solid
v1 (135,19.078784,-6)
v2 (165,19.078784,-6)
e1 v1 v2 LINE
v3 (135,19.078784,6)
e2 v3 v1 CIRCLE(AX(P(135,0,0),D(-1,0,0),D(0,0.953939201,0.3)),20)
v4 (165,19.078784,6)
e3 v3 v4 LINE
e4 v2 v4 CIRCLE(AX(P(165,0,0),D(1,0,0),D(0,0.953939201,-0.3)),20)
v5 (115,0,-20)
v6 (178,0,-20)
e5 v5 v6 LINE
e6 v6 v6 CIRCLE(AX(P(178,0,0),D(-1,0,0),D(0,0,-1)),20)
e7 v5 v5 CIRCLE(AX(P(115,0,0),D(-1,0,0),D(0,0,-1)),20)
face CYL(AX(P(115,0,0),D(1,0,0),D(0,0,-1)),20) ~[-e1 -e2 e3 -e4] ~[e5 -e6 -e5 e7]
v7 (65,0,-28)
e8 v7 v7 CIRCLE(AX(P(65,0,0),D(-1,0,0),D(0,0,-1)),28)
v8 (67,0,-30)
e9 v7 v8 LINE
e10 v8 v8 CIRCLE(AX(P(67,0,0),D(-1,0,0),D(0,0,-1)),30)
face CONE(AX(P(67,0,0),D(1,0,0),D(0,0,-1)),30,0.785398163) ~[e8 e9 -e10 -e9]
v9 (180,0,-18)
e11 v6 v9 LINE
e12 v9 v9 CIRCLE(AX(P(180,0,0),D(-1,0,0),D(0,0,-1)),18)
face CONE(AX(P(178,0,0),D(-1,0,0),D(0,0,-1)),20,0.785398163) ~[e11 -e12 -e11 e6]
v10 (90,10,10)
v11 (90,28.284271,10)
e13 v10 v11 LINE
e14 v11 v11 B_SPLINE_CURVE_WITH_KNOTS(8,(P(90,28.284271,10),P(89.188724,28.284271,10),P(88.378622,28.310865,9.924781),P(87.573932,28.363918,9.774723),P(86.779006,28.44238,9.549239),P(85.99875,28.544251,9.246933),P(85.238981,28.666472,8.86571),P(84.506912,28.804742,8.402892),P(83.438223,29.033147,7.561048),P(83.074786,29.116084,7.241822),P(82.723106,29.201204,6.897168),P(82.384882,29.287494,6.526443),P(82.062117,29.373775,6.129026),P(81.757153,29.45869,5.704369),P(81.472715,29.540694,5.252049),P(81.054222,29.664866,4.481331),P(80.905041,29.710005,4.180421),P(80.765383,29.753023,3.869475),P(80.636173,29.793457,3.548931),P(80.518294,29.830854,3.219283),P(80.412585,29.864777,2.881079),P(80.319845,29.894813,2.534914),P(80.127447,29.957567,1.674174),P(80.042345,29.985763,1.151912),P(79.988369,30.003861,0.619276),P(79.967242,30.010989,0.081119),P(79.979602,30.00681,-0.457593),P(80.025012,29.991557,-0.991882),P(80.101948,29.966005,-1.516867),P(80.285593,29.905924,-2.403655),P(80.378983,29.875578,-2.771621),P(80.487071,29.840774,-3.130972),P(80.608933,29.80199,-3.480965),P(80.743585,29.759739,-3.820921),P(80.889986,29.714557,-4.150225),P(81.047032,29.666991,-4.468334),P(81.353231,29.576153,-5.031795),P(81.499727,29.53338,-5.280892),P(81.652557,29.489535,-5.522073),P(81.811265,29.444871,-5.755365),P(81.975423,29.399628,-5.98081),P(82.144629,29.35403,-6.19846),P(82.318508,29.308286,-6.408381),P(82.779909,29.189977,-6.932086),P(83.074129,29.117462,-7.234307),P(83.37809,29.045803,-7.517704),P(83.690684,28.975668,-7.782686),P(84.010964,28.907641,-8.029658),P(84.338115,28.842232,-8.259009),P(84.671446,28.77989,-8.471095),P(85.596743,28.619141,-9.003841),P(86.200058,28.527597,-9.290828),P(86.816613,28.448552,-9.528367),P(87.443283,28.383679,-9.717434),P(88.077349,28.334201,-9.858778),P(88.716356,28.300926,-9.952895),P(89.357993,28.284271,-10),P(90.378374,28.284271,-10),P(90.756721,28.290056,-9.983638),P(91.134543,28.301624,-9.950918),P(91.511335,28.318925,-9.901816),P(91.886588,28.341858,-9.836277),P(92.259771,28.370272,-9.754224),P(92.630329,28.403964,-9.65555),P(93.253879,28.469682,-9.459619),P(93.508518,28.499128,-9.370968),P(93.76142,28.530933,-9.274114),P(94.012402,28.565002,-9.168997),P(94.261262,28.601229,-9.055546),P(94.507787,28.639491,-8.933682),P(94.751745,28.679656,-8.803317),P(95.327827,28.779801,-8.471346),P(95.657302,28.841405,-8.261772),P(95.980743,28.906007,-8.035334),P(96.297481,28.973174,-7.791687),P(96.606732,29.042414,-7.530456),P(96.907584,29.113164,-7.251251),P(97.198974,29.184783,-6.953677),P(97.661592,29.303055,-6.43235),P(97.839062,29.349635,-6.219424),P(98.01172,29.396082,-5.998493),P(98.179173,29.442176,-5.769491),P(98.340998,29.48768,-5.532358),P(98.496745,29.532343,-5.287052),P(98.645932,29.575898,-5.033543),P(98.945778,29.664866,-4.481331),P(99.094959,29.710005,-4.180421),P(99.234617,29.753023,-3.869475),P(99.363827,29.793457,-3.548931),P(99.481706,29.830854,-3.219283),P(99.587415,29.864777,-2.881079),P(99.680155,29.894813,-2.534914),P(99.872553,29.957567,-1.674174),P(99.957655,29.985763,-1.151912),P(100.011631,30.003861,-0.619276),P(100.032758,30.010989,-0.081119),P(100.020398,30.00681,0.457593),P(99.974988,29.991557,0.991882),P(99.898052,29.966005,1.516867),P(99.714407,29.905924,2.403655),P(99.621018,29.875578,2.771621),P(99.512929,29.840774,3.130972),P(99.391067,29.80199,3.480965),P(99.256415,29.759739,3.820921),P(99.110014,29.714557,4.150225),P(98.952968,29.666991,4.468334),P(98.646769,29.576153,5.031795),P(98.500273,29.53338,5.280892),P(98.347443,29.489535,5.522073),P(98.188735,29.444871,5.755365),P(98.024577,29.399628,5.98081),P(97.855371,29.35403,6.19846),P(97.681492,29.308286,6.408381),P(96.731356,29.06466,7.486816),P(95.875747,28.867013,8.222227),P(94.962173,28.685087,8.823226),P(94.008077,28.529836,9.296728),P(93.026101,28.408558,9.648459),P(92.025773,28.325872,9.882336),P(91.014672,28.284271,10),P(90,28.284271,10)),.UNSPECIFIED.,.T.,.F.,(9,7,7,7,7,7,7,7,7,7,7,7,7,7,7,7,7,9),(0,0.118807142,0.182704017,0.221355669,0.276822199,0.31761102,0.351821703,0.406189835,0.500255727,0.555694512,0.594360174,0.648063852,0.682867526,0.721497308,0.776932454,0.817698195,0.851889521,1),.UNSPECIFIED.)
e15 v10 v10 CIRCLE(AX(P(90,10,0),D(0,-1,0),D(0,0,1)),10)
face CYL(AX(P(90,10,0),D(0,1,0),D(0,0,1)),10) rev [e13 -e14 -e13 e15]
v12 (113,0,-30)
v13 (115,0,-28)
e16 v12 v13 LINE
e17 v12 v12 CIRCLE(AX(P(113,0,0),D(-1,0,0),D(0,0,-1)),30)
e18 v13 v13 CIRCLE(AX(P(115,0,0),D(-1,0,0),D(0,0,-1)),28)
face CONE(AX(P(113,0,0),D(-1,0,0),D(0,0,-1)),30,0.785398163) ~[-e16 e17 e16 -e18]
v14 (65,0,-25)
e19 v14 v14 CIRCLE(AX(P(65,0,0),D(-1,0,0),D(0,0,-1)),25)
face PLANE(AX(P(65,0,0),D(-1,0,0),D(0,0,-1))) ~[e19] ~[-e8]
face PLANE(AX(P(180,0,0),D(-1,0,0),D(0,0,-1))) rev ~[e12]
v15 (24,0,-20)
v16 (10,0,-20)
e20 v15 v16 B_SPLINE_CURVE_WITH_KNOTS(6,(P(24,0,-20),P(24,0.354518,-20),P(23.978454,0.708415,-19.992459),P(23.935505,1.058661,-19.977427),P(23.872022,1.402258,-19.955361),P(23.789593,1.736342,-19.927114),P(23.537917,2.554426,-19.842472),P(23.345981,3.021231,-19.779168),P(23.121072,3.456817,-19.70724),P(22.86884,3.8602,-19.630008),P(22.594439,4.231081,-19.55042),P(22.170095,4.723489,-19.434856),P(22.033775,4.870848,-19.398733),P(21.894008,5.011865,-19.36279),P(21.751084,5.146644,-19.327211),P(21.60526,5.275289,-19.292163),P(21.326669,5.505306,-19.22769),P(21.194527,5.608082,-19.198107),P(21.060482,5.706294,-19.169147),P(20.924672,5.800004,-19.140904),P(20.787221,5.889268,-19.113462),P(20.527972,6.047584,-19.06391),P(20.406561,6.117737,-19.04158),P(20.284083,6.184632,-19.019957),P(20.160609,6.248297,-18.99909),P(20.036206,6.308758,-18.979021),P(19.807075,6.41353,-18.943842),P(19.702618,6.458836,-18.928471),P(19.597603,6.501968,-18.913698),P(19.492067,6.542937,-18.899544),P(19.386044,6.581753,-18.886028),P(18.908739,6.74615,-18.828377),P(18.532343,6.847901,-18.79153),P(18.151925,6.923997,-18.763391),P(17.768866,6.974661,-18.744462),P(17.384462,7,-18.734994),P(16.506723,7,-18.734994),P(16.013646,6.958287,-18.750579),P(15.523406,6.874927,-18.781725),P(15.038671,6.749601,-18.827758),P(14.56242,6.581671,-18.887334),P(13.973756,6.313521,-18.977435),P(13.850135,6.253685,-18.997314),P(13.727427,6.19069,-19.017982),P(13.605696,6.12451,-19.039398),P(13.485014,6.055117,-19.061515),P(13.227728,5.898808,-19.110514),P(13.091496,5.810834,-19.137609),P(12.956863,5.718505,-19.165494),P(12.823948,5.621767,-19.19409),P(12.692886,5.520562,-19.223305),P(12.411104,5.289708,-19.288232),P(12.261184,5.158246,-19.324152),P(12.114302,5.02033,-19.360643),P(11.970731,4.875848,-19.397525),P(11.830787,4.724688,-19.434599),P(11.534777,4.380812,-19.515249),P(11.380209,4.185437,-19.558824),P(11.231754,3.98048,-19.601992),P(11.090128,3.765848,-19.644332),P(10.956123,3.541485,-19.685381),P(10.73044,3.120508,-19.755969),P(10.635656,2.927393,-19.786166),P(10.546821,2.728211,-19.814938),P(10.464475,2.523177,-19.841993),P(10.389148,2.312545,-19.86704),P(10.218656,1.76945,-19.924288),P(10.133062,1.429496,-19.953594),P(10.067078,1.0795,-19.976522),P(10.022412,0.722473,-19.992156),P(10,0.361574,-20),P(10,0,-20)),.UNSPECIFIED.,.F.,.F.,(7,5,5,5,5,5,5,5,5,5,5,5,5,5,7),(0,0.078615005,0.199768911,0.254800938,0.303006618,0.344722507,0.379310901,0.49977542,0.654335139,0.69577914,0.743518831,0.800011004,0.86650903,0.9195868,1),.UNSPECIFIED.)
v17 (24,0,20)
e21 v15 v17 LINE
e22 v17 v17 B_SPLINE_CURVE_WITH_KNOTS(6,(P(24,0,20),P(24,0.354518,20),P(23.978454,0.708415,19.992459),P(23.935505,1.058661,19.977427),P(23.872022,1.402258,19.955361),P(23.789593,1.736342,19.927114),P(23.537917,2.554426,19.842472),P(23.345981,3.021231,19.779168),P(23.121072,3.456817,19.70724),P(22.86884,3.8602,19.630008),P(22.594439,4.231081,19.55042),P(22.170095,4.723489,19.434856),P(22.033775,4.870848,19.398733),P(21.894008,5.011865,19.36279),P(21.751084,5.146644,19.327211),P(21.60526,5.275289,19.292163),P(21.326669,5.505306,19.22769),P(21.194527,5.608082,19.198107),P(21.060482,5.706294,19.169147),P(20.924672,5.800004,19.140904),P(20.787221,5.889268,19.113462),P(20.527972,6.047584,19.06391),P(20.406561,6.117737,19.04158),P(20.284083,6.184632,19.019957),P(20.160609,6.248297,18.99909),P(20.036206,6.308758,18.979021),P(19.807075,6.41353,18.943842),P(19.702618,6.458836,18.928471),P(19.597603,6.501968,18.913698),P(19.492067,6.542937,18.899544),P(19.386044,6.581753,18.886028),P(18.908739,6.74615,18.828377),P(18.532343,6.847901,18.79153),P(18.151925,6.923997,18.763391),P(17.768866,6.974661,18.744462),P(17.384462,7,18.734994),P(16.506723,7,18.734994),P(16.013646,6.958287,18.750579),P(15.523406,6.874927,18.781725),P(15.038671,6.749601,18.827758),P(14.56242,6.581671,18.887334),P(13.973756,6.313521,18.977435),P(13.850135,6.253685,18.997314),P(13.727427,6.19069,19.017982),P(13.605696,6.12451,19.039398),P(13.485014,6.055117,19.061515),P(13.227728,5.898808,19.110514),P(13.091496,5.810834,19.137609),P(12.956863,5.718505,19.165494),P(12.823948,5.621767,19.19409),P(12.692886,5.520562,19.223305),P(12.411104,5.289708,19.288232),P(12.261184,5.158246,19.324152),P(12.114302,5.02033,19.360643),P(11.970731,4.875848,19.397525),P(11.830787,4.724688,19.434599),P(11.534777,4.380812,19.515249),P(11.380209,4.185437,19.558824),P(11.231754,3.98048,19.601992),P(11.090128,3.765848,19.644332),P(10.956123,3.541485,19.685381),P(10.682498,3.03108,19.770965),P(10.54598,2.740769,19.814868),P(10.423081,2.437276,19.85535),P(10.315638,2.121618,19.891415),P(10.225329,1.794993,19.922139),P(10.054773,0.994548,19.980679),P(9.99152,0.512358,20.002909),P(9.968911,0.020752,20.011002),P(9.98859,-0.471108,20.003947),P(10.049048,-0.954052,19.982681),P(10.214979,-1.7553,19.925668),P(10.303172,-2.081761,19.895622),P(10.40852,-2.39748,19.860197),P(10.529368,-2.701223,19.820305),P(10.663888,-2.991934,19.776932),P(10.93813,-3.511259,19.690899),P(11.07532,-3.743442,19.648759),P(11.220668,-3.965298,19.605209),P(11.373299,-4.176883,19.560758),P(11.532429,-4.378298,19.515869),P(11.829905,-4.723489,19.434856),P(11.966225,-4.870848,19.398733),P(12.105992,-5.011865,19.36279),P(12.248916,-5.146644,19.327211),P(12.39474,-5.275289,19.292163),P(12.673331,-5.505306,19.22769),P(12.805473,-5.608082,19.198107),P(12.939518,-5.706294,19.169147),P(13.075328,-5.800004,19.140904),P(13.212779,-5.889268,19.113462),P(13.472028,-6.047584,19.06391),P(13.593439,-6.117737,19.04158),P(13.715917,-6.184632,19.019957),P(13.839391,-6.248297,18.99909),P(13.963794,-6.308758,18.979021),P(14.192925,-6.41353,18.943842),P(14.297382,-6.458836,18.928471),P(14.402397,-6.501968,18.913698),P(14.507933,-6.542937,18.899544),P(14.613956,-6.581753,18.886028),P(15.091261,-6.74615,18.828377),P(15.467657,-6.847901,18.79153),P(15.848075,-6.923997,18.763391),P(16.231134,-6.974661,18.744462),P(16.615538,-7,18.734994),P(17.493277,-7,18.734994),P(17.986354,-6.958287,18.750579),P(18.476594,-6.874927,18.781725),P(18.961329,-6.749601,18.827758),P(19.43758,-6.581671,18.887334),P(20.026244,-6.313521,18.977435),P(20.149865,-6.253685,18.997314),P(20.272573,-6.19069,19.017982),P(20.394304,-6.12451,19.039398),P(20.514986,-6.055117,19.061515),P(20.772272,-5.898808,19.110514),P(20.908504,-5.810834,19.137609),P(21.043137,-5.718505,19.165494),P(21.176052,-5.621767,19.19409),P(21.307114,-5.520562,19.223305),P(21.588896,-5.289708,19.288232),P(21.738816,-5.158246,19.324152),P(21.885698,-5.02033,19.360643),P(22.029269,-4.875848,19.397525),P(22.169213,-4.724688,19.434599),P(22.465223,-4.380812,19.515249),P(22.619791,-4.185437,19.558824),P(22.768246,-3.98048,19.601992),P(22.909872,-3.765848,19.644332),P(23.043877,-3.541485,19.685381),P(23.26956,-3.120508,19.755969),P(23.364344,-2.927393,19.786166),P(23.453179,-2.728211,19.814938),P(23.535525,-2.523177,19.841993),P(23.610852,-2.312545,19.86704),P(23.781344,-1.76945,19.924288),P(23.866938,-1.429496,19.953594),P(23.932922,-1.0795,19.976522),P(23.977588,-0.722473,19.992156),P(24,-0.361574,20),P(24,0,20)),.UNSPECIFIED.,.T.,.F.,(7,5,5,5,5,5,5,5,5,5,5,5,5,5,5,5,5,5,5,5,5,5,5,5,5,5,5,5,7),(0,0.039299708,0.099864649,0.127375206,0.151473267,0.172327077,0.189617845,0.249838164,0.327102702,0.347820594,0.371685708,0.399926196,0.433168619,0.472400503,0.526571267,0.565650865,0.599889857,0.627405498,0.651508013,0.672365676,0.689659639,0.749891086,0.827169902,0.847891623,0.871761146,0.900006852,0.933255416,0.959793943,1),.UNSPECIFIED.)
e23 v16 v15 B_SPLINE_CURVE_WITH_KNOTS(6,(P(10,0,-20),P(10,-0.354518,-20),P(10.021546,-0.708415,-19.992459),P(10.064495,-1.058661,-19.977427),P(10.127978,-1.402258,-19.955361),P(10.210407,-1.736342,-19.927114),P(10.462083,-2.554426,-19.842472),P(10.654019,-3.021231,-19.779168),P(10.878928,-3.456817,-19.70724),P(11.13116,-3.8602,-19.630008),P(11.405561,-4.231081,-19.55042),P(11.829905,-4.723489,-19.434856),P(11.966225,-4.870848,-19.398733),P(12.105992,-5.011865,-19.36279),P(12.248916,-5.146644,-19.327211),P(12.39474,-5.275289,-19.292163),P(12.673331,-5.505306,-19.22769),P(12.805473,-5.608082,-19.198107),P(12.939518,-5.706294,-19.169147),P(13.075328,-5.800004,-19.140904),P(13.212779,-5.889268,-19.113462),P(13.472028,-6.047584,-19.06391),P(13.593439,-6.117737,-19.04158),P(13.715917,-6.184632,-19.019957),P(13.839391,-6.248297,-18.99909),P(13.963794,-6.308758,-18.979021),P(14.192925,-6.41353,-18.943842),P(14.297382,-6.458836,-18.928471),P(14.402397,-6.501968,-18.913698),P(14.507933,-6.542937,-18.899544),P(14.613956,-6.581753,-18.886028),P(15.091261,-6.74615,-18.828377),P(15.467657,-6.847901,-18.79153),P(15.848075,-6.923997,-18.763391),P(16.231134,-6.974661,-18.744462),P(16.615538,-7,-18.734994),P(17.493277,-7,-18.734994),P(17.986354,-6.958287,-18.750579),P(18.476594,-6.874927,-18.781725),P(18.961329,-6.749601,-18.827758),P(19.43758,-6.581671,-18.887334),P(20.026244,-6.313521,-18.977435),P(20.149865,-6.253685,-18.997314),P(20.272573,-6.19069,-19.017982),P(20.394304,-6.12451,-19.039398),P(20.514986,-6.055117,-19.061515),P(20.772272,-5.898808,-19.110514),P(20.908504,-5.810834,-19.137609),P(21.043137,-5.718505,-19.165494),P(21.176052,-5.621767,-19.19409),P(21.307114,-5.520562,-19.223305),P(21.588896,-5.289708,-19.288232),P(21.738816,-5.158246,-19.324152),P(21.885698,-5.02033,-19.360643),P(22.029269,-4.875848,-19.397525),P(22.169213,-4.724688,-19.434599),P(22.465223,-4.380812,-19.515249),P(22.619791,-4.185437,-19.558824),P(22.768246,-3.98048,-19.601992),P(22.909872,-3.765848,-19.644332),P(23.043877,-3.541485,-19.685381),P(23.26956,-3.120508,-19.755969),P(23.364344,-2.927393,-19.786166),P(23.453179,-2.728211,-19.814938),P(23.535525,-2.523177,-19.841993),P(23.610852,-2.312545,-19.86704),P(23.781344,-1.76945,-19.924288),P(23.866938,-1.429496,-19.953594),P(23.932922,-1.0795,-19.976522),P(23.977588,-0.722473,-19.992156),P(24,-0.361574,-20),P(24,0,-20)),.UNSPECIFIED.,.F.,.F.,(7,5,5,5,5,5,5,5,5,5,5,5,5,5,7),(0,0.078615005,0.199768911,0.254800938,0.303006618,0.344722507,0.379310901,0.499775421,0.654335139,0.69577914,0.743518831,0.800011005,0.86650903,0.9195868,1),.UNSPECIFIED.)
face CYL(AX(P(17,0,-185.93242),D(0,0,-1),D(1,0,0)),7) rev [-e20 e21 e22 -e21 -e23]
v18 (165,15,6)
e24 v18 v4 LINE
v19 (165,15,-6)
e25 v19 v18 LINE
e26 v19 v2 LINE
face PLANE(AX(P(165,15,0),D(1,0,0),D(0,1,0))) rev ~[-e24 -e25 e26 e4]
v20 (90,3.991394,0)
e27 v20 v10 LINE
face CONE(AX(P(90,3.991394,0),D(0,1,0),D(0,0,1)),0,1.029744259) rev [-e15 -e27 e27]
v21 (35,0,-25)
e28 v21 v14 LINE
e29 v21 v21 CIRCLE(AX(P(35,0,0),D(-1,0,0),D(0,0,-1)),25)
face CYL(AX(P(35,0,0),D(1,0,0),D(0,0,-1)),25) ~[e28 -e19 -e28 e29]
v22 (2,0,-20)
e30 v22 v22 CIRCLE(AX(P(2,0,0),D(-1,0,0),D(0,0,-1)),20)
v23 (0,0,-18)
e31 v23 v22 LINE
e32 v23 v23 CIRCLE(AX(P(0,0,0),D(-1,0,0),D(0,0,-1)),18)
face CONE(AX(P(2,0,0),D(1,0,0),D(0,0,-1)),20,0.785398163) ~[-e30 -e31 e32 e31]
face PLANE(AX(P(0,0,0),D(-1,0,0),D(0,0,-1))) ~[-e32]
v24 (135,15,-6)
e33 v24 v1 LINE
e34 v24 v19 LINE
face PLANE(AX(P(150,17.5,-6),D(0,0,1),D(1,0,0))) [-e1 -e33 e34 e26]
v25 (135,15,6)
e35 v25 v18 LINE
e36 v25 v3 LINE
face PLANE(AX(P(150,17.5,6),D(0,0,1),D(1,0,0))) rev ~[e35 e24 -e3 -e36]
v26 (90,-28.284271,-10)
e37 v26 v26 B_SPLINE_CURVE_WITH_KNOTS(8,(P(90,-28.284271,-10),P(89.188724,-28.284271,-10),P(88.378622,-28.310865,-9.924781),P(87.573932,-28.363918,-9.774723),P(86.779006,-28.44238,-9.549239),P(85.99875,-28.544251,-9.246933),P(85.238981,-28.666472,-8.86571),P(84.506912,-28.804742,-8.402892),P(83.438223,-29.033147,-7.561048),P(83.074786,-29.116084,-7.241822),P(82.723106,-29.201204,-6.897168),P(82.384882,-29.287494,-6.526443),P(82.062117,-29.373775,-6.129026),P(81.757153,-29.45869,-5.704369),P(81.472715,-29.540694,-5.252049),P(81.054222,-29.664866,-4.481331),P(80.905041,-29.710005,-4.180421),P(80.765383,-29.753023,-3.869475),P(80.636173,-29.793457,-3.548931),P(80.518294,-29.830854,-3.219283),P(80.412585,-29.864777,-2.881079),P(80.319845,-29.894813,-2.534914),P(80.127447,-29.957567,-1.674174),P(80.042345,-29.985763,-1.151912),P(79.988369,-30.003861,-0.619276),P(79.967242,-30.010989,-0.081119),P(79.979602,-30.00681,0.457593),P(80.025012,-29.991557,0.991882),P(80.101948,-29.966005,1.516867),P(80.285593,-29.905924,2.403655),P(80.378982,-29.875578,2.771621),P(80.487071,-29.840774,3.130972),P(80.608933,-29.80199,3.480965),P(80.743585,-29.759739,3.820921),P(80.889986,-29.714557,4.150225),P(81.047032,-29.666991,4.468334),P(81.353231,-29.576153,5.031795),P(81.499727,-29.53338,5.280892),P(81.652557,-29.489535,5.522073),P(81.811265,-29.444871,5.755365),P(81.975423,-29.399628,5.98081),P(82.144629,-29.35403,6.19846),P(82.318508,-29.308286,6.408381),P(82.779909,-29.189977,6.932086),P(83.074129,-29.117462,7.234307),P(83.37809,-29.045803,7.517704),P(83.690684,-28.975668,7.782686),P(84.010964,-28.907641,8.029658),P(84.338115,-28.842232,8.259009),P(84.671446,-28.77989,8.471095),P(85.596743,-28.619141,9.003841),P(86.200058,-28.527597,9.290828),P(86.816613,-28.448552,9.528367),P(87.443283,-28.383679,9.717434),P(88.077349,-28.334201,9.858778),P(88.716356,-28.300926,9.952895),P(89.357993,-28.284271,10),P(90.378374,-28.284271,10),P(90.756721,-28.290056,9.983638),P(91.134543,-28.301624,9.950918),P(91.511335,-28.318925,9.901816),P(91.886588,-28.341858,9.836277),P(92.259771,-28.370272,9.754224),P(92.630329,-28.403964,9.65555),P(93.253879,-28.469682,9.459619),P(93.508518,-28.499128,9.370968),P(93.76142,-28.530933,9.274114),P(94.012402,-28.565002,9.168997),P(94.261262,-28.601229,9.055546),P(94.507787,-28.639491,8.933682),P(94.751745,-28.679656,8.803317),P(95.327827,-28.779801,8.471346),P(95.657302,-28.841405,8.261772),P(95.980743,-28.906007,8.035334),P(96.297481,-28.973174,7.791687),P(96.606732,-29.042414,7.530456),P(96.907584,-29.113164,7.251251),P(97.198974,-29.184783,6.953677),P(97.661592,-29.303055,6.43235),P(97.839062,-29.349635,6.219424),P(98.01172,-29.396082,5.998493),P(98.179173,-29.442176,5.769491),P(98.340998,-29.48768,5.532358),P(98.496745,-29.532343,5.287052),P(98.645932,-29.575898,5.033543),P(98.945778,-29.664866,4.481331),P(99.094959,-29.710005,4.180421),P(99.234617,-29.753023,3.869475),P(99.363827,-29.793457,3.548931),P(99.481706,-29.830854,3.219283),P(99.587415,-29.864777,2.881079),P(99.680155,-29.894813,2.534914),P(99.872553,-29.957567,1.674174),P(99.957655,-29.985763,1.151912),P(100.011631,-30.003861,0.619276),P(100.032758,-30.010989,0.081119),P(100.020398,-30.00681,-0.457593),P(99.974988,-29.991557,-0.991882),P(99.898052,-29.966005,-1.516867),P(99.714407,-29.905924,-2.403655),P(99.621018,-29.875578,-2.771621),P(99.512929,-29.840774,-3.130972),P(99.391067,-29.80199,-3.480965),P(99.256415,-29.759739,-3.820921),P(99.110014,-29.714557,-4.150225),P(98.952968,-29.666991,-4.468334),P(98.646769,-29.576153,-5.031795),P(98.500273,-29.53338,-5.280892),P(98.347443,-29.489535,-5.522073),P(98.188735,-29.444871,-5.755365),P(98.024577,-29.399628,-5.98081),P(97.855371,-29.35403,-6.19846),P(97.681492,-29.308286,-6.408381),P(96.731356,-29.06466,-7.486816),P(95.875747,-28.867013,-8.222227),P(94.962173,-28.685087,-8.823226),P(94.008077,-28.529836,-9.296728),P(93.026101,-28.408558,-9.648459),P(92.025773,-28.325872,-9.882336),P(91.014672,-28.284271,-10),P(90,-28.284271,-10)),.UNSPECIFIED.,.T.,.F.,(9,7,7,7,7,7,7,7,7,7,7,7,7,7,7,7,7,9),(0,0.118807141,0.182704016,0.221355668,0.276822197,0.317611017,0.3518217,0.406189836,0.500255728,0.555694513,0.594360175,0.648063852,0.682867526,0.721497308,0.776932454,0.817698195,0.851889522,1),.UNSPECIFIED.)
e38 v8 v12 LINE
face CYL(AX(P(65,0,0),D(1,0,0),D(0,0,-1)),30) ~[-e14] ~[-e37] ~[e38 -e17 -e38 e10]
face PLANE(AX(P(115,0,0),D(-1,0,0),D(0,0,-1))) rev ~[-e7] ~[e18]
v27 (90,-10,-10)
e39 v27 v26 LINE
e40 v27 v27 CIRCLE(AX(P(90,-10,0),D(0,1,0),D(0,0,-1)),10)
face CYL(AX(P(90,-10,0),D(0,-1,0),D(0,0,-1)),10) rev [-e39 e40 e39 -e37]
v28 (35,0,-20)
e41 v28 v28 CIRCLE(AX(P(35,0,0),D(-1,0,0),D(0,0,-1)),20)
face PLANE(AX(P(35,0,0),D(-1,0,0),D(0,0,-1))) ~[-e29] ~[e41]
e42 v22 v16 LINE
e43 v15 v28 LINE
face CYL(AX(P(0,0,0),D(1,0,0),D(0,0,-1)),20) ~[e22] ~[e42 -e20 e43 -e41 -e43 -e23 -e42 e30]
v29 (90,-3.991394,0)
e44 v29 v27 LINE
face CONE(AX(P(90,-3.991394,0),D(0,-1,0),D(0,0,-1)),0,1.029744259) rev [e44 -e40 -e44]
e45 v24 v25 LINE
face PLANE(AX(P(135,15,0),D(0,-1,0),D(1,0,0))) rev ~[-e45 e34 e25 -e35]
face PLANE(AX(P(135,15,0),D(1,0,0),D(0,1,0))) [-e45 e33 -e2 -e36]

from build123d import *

# Parameters (mm, degrees)
SKETCH_2_W               = 30
SKETCH_2_H               = 5
CUT_EXTRUDE_1_DEPTH      = 6
CUT_EXTRUDE_2_DEPTH      = 185.932420089
CUT_EXTRUDE_2_DEPTH_BACK = 185.932420089
SKETCH_3_R               = 7
PATTERN_CIRCULAR_1_COUNT = 2
CHAMFER_1_SIZE           = 2


with BuildPart() as part:
    # Эскиз1 → Повернуть1 (revolve)
    with BuildSketch(Plane.XY, mode=Mode.PRIVATE) as revolve_1_sk:
        Polygon((0, 0), (0, 20), (35, 20), (35, 25), (65, 25), (65, 30), (115, 30), (115, 20), (180, 20), (180, 0), align=None)
    revolve(revolve_1_sk.sketch.rotate(Axis((0, 0, 0), (-1, 0, 0)), 90), axis=Axis((0, 0, 0), (-1, 0, 0)))

    # Эскиз2 → Вырез-Вытянуть1 (cut, symmetric)
    with BuildSketch(Plane.XY):
        with Locations((150, 17.5)):
            Rectangle(SKETCH_2_W, SKETCH_2_H)
    extrude(amount=CUT_EXTRUDE_1_DEPTH, both=True, mode=Mode.SUBTRACT)

    # Эскиз3 → Вырез-Вытянуть2 (cut, two sides: drawn at the far end of the back side and taken through both)
    with BuildSketch(Plane.XY.offset(-CUT_EXTRUDE_2_DEPTH_BACK)):
        with Locations((17, 0)):
            Circle(SKETCH_3_R)
    extrude(amount=CUT_EXTRUDE_2_DEPTH + CUT_EXTRUDE_2_DEPTH_BACK, mode=Mode.SUBTRACT)

    # Эскиз4 → Диаметр отверстия Ø16.0 (20)1 (revolve, cut)
    with BuildSketch(Plane(origin=(90, 30, 0), x_dir=(0, 0, 1), z_dir=(1, 0, 0))):
        Polygon((0, 0), (0, 26.00860619), (10, 20), (10, 0), align=None)
    hole_wizard_16_0_20_1 = revolve(axis=Axis((90, 36.35, 0), (0, -1, 0)), mode=Mode.SUBTRACT)

    # Круговой массив1: Диаметр отверстия Ø16.0 (20)1 ×2 about axis
    pattern_circular_1_axis = Axis((0, 0, 0), (1, 0, 0))
    for i in range(1, PATTERN_CIRCULAR_1_COUNT):
        add(hole_wizard_16_0_20_1.rotate(pattern_circular_1_axis, i * 360 / PATTERN_CIRCULAR_1_COUNT), mode=Mode.SUBTRACT)

    # Фаска1
    chamfer_1_edges = [part.edges().sort_by_distance(p)[0] for p in [
        (0, 0, 20),
        (180, 0, 20),
        (115, 0, 30),
        (65, 0, 30),
    ]]
    chamfer(chamfer_1_edges, length=CHAMFER_1_SIZE)


solid = part.part
